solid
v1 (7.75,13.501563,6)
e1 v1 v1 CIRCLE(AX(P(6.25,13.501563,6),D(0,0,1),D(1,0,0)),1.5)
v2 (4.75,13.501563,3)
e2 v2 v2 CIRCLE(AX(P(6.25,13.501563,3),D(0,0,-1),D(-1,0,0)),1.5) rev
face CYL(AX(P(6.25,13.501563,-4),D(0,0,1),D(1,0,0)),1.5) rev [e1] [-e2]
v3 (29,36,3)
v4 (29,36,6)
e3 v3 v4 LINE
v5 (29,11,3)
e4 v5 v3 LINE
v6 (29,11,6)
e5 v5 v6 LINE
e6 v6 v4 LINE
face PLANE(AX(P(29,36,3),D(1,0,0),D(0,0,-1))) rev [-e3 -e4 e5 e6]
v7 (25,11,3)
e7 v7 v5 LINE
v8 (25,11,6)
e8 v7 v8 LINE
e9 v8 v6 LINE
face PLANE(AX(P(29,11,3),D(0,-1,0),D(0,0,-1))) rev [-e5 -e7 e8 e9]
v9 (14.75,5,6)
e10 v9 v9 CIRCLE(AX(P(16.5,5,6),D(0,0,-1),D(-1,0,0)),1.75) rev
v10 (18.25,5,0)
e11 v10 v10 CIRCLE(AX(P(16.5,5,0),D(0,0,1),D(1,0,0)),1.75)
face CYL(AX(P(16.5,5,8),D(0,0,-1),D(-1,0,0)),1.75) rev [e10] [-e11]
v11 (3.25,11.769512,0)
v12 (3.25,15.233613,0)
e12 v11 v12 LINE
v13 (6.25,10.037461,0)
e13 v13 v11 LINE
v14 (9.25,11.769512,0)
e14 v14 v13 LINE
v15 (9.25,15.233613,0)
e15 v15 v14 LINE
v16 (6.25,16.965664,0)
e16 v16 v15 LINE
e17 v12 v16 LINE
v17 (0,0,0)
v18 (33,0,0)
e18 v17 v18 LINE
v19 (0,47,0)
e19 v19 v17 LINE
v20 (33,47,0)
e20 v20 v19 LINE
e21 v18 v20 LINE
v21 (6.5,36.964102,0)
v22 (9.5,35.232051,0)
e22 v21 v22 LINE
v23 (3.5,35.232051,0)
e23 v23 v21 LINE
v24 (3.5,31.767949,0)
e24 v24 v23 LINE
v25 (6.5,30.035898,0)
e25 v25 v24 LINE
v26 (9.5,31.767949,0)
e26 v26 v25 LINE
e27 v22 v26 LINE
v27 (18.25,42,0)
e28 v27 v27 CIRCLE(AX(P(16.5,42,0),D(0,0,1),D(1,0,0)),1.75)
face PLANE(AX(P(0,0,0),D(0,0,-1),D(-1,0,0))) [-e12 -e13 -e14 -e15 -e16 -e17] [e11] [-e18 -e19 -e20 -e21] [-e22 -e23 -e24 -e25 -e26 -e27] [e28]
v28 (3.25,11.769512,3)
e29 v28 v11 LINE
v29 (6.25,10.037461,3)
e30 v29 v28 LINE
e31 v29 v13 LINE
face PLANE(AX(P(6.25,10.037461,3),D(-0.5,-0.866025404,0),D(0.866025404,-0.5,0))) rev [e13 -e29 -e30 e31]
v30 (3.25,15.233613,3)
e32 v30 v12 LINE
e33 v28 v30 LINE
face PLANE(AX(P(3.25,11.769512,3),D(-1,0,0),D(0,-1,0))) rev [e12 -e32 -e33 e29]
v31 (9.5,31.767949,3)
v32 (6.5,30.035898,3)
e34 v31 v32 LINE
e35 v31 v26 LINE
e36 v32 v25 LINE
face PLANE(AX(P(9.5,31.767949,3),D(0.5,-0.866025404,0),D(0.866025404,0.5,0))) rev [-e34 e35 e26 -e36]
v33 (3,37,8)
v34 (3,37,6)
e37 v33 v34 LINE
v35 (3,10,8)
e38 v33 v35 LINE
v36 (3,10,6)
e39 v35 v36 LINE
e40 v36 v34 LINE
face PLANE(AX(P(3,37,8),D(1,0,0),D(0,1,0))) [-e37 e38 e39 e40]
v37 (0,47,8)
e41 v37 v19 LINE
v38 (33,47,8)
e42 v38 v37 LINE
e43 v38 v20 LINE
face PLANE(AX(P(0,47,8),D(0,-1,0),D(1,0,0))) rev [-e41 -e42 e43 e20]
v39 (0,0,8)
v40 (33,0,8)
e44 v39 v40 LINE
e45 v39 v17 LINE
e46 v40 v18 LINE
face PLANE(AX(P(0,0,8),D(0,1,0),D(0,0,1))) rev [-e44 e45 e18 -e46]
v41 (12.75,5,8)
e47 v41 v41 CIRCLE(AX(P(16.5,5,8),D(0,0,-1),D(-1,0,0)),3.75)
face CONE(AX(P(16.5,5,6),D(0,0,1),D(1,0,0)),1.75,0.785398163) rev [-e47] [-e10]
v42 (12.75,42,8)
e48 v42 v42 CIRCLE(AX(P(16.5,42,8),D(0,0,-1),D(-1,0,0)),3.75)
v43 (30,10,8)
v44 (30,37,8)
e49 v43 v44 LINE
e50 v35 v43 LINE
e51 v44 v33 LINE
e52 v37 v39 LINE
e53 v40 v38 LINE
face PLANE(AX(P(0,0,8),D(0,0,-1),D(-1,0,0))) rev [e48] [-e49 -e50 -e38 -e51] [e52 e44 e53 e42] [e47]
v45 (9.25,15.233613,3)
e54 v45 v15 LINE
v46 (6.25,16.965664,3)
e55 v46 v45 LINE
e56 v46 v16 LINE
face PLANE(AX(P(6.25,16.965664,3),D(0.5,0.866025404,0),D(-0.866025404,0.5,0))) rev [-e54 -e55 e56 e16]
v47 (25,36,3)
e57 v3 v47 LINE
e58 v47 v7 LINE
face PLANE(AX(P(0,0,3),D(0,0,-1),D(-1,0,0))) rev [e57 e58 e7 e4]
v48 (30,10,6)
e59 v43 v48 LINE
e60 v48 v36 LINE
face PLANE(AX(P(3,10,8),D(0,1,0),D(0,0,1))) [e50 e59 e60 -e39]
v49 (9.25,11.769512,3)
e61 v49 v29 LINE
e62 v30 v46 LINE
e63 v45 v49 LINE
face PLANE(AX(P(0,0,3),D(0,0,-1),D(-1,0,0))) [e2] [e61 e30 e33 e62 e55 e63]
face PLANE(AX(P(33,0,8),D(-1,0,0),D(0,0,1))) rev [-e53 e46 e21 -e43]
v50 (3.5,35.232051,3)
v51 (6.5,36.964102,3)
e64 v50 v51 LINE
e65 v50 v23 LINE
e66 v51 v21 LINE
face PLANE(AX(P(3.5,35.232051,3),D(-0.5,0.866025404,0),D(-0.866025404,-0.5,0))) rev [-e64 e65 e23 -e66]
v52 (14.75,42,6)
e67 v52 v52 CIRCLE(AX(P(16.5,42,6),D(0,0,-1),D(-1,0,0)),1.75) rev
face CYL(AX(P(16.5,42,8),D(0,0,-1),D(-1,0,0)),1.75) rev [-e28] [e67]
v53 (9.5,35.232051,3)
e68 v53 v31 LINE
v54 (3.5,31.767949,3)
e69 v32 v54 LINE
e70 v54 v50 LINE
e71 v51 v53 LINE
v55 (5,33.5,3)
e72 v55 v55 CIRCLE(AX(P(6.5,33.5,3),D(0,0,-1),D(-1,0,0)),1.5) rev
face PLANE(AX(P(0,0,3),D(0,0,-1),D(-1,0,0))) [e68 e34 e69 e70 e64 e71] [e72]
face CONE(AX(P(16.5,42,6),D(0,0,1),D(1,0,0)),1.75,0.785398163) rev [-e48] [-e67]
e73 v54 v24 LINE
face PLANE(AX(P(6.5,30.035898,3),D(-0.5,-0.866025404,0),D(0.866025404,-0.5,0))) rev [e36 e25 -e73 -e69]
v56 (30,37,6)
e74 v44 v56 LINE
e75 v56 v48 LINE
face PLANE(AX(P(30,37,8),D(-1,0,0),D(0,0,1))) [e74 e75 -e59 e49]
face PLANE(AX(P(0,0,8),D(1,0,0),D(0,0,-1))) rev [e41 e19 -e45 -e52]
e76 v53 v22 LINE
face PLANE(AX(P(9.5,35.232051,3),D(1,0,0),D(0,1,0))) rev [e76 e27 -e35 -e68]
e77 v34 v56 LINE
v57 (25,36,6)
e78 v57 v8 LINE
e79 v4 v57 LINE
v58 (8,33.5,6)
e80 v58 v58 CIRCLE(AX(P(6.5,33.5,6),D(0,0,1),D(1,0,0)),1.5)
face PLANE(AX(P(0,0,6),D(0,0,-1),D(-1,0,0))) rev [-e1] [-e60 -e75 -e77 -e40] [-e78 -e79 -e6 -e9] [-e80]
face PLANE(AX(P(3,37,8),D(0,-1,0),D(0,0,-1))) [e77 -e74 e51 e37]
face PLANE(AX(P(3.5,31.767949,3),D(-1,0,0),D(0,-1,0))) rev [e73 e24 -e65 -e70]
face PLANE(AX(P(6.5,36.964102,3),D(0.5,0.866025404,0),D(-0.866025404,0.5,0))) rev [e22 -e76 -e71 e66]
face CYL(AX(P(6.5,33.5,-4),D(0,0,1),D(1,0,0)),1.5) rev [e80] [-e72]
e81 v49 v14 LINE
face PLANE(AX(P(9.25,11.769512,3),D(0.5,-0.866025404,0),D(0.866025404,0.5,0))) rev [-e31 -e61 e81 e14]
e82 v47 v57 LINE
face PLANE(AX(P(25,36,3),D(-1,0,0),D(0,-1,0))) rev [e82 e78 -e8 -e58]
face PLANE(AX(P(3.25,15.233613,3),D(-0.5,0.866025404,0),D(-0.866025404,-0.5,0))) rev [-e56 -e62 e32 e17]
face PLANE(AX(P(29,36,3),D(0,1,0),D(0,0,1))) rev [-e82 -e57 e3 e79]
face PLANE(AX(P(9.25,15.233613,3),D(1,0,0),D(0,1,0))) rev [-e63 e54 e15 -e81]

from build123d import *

# Parameters (mm, degrees)
SKETCH1_W           = 33
SKETCH1_H           = 47
SKETCH1_R           = 1.75
SKETCH1_W_2         = 27
SKETCH1_H_2         = 27
BOSS_EXTRUDE1_DEPTH = 8
SKETCH3_W           = 27
SKETCH3_H           = 27
BOSS_EXTRUDE2_DEPTH = 6
CHAMFER1_SIZE       = 2
SKETCH4_R           = 1.5
CUT_EXTRUDE1_DEPTH  = 10
SKETCH5_W           = 4
SKETCH5_H           = 25
CUT_EXTRUDE2_DEPTH  = 3
CUT_EXTRUDE3_DEPTH  = 3


with BuildPart() as part:
    # Sketch1 → Boss-Extrude1 (new body)
    with BuildSketch(Plane.XY):
        with Locations((16.5, 23.5)):
            Rectangle(SKETCH1_W, SKETCH1_H)
        with Locations((16.5, 42)):
            Circle(SKETCH1_R, mode=Mode.SUBTRACT)
        with Locations((16.5, 5)):
            Circle(SKETCH1_R, mode=Mode.SUBTRACT)
        with Locations((16.5, 23.5)):
            Rectangle(SKETCH1_W_2, SKETCH1_H_2, mode=Mode.SUBTRACT)
    extrude(amount=BOSS_EXTRUDE1_DEPTH)

    # Sketch3 → Boss-Extrude2 (add)
    with BuildSketch(Plane(origin=(0, 0, 0), x_dir=(-1, 0, 0), z_dir=(0, 0, -1))):
        with Locations((-16.5, 23.5)):
            Rectangle(SKETCH3_W, SKETCH3_H)
    extrude(amount=-BOSS_EXTRUDE2_DEPTH)

    # Chamfer1
    chamfer1_edges = [part.edges().sort_by_distance(p)[0] for p in [
        (14.75, 42, 8),
        (14.75, 5, 8),
    ]]
    chamfer(chamfer1_edges, length=CHAMFER1_SIZE)

    # Sketch4 → Cut-Extrude1 (cut)
    with BuildSketch(Plane.XY.offset(6)):
        with Locations((6.5, 33.5)):
            Circle(SKETCH4_R)
        with Locations((6.25, 13.501562561)):
            Circle(SKETCH4_R)
    extrude(amount=-CUT_EXTRUDE1_DEPTH, mode=Mode.SUBTRACT)

    # Sketch5 → Cut-Extrude2 (cut)
    with BuildSketch(Plane.XY.offset(6)):
        with Locations((27, 23.5)):
            Rectangle(SKETCH5_W, SKETCH5_H)
    extrude(amount=-CUT_EXTRUDE2_DEPTH, mode=Mode.SUBTRACT)

    # Sketch6 → Cut-Extrude3 (cut)
    with BuildSketch(Plane(origin=(0, 0, 0), x_dir=(-1, 0, 0), z_dir=(0, 0, -1))):
        Polygon((-6.5, 36.964101615), (-9.5, 35.232050808), (-9.5, 31.767949192), (-6.5, 30.035898385), (-3.5, 31.767949192), (-3.5, 35.232050808), align=None)
        Polygon((-3.25, 15.233613369), (-6.25, 16.965664176), (-9.25, 15.233613369), (-9.25, 11.769511753), (-6.25, 10.037460946), (-3.25, 11.769511753), align=None)
    extrude(amount=-CUT_EXTRUDE3_DEPTH, mode=Mode.SUBTRACT)


solid = part.part
